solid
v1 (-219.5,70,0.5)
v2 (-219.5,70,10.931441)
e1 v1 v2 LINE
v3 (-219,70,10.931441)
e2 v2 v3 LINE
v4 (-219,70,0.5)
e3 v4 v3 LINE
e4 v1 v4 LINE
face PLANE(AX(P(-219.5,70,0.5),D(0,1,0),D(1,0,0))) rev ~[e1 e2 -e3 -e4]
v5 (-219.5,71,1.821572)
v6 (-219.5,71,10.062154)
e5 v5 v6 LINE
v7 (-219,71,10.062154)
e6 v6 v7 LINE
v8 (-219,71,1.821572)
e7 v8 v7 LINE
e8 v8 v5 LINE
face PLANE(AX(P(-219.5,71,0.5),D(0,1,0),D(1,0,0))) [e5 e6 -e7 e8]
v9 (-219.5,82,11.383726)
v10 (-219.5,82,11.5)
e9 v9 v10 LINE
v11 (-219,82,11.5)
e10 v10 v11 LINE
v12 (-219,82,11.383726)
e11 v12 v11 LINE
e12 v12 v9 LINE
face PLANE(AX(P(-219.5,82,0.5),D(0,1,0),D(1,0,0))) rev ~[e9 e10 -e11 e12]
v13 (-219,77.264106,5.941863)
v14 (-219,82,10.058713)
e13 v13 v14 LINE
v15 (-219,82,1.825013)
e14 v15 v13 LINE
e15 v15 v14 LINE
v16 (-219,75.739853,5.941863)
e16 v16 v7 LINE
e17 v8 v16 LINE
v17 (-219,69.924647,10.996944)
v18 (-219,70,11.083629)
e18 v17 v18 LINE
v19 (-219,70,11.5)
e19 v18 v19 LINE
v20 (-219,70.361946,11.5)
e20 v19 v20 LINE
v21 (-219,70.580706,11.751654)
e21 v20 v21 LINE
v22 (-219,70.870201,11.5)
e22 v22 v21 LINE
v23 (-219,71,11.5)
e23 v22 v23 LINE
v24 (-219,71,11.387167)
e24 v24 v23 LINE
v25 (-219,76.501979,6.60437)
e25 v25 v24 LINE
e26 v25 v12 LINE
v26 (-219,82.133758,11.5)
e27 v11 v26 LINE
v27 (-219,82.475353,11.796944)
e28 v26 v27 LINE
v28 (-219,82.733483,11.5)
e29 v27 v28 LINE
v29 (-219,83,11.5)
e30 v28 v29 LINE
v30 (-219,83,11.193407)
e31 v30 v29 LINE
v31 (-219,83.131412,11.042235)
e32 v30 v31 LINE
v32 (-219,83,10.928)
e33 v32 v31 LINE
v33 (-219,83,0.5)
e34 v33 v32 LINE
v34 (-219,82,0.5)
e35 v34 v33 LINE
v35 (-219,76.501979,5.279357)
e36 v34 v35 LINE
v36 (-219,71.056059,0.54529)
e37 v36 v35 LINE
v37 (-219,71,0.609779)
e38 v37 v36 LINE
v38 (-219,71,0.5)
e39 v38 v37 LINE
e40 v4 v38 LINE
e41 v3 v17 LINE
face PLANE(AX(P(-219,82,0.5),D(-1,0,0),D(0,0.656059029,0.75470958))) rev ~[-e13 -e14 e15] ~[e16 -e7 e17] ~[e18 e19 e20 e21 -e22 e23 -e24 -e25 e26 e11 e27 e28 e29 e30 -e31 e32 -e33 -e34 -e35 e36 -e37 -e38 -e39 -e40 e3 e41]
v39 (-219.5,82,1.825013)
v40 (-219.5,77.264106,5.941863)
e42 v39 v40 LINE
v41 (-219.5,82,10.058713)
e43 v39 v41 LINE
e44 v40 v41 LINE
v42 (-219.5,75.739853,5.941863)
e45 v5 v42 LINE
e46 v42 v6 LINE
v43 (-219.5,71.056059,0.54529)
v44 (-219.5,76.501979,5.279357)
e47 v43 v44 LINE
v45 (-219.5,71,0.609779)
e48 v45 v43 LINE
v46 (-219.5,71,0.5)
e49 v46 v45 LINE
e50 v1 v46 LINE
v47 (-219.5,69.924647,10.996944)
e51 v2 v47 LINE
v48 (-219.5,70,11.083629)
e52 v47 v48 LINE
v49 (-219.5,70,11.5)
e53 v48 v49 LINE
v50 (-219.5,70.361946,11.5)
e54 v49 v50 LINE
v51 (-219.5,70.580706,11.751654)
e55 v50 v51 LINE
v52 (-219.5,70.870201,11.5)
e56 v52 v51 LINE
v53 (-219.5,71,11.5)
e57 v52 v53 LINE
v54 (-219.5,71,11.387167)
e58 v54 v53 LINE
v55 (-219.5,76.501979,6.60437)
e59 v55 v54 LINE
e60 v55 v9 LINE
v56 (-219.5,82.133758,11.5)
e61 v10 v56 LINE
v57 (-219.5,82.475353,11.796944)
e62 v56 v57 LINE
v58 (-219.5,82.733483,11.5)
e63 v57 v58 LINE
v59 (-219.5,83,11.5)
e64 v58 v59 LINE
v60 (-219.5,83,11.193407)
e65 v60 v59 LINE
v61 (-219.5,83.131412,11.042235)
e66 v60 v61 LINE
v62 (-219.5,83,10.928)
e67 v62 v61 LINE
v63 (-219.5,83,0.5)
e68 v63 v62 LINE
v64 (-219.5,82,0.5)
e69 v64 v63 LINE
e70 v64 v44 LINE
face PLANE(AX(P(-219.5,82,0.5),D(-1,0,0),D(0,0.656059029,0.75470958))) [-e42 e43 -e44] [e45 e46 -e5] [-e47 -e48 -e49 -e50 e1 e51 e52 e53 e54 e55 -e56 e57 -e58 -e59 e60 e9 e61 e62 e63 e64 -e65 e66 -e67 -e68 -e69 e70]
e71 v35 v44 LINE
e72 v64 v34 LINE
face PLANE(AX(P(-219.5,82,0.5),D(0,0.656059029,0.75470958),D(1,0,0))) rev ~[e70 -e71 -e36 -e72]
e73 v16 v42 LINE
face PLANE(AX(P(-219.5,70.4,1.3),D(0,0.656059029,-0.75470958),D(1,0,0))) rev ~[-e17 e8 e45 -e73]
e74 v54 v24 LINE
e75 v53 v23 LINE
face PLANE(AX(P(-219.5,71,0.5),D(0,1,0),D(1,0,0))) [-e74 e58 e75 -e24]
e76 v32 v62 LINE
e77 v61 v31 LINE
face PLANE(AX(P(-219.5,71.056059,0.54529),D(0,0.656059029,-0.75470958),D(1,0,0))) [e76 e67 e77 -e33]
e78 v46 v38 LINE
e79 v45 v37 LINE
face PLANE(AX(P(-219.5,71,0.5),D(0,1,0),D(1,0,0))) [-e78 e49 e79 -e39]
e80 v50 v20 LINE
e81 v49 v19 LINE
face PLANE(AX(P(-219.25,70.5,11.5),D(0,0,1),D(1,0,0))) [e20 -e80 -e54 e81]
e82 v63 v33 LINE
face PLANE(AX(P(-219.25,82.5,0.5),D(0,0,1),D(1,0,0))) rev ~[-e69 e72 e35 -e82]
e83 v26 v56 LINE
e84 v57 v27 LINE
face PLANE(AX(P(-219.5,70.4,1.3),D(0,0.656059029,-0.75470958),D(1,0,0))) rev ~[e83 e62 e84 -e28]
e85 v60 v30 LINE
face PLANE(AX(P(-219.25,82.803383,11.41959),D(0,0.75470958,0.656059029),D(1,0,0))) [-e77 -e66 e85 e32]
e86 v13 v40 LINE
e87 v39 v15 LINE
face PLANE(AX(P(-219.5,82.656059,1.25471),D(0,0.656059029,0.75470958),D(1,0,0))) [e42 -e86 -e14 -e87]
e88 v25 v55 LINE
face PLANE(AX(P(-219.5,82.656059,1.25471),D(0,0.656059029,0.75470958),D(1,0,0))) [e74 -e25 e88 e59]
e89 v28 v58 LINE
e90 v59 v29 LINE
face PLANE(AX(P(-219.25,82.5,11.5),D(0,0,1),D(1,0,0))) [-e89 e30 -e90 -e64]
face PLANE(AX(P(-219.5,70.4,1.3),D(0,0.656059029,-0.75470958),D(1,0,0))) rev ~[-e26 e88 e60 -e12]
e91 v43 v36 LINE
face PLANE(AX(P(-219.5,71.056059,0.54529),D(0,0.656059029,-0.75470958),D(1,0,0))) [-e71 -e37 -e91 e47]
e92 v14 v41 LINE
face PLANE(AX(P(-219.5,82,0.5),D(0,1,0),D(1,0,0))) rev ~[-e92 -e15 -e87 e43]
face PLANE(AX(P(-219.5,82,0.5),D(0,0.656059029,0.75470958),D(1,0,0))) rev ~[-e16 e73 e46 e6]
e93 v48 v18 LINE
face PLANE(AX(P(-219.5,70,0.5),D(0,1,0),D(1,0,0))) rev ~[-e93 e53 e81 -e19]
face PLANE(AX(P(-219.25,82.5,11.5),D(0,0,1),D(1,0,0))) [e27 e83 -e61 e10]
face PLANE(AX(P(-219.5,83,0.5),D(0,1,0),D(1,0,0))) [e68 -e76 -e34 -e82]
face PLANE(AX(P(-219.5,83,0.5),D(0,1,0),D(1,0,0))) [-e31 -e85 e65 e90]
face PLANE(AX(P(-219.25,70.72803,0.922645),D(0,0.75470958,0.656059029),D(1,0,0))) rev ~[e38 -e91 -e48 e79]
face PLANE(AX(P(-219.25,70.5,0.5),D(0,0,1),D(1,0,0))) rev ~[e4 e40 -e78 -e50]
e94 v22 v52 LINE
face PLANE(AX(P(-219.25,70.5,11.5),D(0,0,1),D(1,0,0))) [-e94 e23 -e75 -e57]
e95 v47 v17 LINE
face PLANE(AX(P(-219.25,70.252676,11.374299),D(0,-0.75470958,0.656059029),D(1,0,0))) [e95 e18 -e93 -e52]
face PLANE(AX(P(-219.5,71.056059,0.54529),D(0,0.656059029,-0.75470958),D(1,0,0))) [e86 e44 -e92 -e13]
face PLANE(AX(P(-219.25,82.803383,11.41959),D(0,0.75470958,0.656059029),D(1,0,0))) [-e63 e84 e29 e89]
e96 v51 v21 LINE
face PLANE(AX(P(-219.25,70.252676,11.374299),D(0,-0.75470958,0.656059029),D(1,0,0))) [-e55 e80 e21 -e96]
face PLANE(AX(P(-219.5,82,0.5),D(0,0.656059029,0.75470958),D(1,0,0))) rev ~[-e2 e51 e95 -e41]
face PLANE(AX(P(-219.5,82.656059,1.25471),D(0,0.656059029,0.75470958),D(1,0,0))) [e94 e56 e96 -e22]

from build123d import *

# Parameters (mm, degrees)
BOX208_W          = 0.5
BOX208_H          = 1
BOX208_DEPTH      = 11
BOX209_W          = 0.5
BOX209_H          = 1
BOX209_DEPTH      = 16
BOX209_ROLL_ANGLE = 49
BOX210_W          = 0.5
BOX210_H          = 1
BOX210_DEPTH      = 16
BOX210_ROLL_ANGLE = -49
BOX207_W          = 0.5
BOX207_H          = 1
BOX207_DEPTH      = 11


with BuildPart() as cubo208:
    # Box208 → Box208 (new body)
    with BuildSketch(Plane(origin=(0, 12, 0.5), x_dir=(1, 0, 0), z_dir=(0, 0, 1))):
        with Locations((0.25, 0.5)):
            Rectangle(BOX208_W, BOX208_H)
    extrude(amount=BOX208_DEPTH)


with BuildPart() as cubo209:
    # Box209 → Box209 (new body)
    with BuildSketch(Plane.XY):
        with Locations((0.25, 0.5)):
            Rectangle(BOX209_W, BOX209_H)
    extrude(amount=BOX209_DEPTH)


with BuildPart() as cubo209_1:
    # Box209 roll: moved
    add(cubo209.part.rotate(Axis((0, 0, 0), (1, 0, 0)), BOX209_ROLL_ANGLE))


with BuildPart() as cubo209_2:
    # Box209 placement: moved
    add(cubo209_1.part.moved(Location((0, 12, 0.5))))


with BuildPart() as cubo210:
    # Box210 → Box210 (new body)
    with BuildSketch(Plane.XY):
        with Locations((0.25, 0.5)):
            Rectangle(BOX210_W, BOX210_H)
    extrude(amount=BOX210_DEPTH)


with BuildPart() as cubo210_1:
    # Box210 roll: moved
    add(cubo210.part.rotate(Axis((0, 0, 0), (1, 0, 0)), BOX210_ROLL_ANGLE))


with BuildPart() as cubo210_2:
    # Box210 placement: moved
    add(cubo210_1.part.moved(Location((0, 0.4, 1.3))))


with BuildPart() as fusion014:
    # Box207 → Box207 (new body)
    with BuildSketch(Plane.XY.offset(0.5)):
        with Locations((0.25, 0.5)):
            Rectangle(BOX207_W, BOX207_H)
    extrude(amount=BOX207_DEPTH)

    # Fusion014: union Cubo208, Cubo209, Cubo210
    add(cubo208.part)
    add(cubo209_2.part)
    add(cubo210_2.part)


with BuildPart() as fusion014_1:
    # Fusion014 placement: moved
    add(fusion014.part.moved(Location((-219.5, 70, 0))))


solid = fusion014_1.part
